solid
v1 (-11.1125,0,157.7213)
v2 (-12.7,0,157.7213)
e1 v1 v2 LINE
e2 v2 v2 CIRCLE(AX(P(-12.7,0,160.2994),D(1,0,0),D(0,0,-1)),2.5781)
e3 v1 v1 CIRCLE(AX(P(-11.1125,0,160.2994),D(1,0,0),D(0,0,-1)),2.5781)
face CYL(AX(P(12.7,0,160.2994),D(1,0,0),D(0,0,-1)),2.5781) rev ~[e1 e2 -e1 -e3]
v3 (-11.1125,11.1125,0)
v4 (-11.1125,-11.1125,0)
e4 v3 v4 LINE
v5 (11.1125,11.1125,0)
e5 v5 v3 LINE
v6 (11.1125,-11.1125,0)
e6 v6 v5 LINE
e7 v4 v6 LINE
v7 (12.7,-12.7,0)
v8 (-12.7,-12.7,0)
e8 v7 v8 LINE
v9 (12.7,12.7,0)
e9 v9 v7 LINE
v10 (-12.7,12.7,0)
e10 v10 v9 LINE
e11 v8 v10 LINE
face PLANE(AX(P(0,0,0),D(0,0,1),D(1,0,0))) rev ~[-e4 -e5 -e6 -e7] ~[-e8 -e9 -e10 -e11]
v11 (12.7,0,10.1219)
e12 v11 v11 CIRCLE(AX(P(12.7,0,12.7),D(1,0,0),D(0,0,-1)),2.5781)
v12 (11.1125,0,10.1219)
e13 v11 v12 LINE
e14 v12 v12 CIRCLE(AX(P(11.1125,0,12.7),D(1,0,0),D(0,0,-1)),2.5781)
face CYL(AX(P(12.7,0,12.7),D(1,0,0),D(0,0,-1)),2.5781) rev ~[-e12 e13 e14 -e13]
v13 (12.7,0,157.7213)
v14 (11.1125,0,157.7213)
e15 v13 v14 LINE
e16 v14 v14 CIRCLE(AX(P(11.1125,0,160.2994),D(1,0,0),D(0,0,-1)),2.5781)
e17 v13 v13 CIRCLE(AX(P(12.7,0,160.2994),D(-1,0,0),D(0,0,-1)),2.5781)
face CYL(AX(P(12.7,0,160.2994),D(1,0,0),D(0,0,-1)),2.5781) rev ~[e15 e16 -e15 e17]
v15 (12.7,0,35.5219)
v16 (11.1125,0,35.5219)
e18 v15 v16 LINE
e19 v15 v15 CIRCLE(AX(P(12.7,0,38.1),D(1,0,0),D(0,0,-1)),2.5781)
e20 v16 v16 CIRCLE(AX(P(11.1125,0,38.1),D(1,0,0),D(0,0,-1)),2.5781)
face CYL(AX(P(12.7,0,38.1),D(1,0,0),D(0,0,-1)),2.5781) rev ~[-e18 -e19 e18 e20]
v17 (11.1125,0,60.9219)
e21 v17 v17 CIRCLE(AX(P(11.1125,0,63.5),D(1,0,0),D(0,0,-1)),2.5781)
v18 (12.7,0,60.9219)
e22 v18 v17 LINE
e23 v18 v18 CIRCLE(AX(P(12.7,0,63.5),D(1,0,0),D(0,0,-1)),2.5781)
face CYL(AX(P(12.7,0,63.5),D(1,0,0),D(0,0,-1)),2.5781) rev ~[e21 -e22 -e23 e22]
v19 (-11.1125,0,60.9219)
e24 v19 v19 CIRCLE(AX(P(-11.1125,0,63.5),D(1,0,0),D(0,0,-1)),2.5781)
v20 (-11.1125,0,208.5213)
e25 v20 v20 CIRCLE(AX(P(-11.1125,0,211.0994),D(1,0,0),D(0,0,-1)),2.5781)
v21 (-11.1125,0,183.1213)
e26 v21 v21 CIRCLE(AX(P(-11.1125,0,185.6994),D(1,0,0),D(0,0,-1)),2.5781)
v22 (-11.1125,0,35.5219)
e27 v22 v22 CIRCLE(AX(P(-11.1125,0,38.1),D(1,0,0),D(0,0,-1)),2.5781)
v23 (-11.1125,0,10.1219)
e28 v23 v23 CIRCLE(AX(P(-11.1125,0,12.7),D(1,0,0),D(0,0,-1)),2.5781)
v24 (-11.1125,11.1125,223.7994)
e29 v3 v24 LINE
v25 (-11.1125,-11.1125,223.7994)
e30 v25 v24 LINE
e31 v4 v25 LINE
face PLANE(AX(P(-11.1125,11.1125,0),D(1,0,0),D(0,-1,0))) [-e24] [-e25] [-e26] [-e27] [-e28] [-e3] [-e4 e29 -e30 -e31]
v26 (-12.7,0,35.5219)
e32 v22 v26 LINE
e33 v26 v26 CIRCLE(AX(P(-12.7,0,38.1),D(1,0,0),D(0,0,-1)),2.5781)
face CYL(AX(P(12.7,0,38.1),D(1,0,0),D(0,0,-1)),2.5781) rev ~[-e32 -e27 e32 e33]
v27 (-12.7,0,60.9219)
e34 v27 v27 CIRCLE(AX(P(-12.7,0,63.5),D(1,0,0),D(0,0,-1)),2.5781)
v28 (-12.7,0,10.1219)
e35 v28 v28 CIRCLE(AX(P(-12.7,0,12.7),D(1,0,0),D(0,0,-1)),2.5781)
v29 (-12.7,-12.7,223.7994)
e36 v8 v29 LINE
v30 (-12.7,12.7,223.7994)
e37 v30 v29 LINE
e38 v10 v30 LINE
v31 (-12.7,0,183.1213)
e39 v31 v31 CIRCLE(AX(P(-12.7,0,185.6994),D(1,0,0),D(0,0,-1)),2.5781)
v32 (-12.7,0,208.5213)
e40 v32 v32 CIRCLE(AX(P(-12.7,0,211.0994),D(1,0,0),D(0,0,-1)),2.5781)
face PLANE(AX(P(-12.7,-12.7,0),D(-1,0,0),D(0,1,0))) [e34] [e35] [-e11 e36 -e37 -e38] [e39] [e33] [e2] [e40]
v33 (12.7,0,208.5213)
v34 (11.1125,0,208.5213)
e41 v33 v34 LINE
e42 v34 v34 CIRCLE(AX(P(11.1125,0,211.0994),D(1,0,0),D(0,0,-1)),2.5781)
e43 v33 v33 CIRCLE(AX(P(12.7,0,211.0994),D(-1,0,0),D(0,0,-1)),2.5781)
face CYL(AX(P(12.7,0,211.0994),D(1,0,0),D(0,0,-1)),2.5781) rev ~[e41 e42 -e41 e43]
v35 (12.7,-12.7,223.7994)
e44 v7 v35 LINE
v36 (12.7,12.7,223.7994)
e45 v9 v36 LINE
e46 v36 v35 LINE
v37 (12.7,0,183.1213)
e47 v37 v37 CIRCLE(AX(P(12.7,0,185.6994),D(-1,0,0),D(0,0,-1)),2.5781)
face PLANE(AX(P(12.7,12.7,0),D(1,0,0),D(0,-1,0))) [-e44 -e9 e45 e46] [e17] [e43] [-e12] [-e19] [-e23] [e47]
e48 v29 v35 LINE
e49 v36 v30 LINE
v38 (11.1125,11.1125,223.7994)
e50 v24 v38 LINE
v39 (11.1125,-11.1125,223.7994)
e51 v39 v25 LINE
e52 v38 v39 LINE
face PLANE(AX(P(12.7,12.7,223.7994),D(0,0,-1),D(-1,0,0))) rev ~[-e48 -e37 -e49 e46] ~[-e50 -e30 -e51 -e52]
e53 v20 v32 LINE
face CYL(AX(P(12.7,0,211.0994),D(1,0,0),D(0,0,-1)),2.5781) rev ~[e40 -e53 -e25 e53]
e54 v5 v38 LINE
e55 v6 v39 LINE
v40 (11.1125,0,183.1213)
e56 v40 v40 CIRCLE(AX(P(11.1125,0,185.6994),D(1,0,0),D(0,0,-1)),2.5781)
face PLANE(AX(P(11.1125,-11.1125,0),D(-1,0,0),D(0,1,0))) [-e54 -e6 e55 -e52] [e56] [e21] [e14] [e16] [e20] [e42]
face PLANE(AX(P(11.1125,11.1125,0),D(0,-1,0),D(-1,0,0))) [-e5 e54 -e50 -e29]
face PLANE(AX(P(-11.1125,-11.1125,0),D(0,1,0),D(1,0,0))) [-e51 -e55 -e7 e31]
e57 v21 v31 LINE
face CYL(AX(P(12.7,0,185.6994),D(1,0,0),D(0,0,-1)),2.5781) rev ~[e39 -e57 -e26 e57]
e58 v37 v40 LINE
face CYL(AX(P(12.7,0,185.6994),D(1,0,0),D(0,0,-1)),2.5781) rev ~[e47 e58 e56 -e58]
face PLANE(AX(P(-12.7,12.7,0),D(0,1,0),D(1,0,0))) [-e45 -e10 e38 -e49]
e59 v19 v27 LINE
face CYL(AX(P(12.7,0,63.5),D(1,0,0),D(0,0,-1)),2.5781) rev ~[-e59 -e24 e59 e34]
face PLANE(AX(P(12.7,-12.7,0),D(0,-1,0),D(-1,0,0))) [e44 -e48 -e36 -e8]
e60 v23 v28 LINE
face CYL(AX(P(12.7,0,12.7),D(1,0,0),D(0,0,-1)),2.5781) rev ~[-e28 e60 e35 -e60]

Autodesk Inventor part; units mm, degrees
ref_plane "YZ Plane" through (0, 0, 0) normal (1, 0, 0) x (0, 1, 0)
ref_plane "XZ Plane" through (0, 0, 0) normal (0, 1, 0) x (-1, 0, 0)
ref_plane "XY Plane" through (0, 0, 0) normal (0, 0, 1) x (1, 0, 0)
sketch "Sketch1" plane through (0, 0, 0) normal (0, 0, 1) x (1, 0, 0)
  line L0 (-12.7, -12.7) -> (-12.7, 12.7)
  line L1 (-12.7, 12.7) -> (12.7, 12.7)
  line L2 (12.7, 12.7) -> (12.7, -12.7)
  line L3 (12.7, -12.7) -> (-12.7, -12.7)
  line L4 (-12.7, -12.7) -> (12.7, 12.7) construction
  line L5 (-12.7, 12.7) -> (12.7, -12.7) construction
  line L6 (11.1125, 11.1125) -> (-11.1125, 11.1125)
  line L7 (-11.1125, 11.1125) -> (-11.1125, -11.1125)
  line L8 (-11.1125, -11.1125) -> (11.1125, -11.1125)
  line L9 (11.1125, -11.1125) -> (11.1125, 11.1125)
  point P0 (0, 0)
  dimension "d0" = 25.4
  dimension "d1" = 25.4
  dimension "d2" = 1.5875
extrude "Extrusion1" add sketch "Sketch1" along normal blind 609.6
sketch "Sketch2" plane through (12.7, -12.7, 0) normal (1, 0, 0) x (0, 0, -1)
  line L0 (0, 0) -> (0, 25.4) projected
  line L1 (0, 25.4) -> (-609.6, 25.4) projected
  line L2 (-609.6, 0) -> (-609.6, 25.4) projected
  line L3 (0, 0) -> (-609.6, 0) projected
  circle A0 centre (-596.9, 12.7) radius 2.5781
  circle A1 centre (-571.5, 12.7) radius 2.5781
  circle A2 centre (-546.1, 12.7) radius 2.5781
  line L4 (-304.8, 0) -> (-304.8, 25.4) construction
  circle A3 centre (-12.7, 12.7) radius 2.5781
  circle A4 centre (-38.1, 12.7) radius 2.5781
  circle A5 centre (-63.5, 12.7) radius 2.5781
  point P0 (0, 12.7)
  dimension "d5" = 5.1562
  dimension "d7" = 12.7
  dimension "d8" = 25.4
  dimension "d9" = 25.4
extrude "Extrusion2" cut sketch "Sketch2" against normal through all contours A0 | A1 | A2 | A3 | A4 | A5
sketch "Sketch5" plane through (-12.7, 12.7, 0) normal (0, 1, 0) x (1, 0, 0)
  line L0 (25.4, 0) -> (25.4, -609.6) projected
  line L1 (25.4, 0) -> (25.4, -223.7994)
  line L2 (25.4, -223.7994) -> (-0.9, -223.7994)
  line L3 (-0.9, -223.7994) -> (-0.9, -681.5571)
  line L4 (-0.9, -681.5571) -> (85.6151, -690.7866)
  line L5 (85.6151, -690.7866) -> (25.4, -223.7994)
  point P0 (12.7, 0)
  dimension "d15" = 223.7994
extrude "Extrusion4" cut sketch "Sketch5" against normal blind 101.6
sketch "Sketch6" plane through (12.7, -12.7, 0) normal (1, 0, 0) x (0, 0, -1)
  line L0 (-223.7994, 1.5875) -> (-223.7994, 23.8125) projected
  line L1 (-223.7994, 12.7) -> (-211.0994, 12.7)
  circle A0 centre (-211.0994, 12.7) radius 2.5781
  line L2 (-211.0994, 12.7) -> (-185.6994, 12.7)
  circle A1 centre (-185.6994, 12.7) radius 2.5781
  line L3 (-185.6994, 12.7) -> (-160.2994, 12.7)
  circle A2 centre (-160.2994, 12.7) radius 2.5781
  point P0 (0, 12.7)
  dimension "d18" = 12.7
  dimension "d19" = 5.1562
  dimension "d20" = 25.4
  dimension "d21" = 5.1562
  dimension "d22" = 25.4
  dimension "d23" = 5.1562
extrude "Extrusion5" cut sketch "Sketch6" against normal blind 50.8
equation "\"d1\" = d0"
properties part number "24in long 1in square tube"
